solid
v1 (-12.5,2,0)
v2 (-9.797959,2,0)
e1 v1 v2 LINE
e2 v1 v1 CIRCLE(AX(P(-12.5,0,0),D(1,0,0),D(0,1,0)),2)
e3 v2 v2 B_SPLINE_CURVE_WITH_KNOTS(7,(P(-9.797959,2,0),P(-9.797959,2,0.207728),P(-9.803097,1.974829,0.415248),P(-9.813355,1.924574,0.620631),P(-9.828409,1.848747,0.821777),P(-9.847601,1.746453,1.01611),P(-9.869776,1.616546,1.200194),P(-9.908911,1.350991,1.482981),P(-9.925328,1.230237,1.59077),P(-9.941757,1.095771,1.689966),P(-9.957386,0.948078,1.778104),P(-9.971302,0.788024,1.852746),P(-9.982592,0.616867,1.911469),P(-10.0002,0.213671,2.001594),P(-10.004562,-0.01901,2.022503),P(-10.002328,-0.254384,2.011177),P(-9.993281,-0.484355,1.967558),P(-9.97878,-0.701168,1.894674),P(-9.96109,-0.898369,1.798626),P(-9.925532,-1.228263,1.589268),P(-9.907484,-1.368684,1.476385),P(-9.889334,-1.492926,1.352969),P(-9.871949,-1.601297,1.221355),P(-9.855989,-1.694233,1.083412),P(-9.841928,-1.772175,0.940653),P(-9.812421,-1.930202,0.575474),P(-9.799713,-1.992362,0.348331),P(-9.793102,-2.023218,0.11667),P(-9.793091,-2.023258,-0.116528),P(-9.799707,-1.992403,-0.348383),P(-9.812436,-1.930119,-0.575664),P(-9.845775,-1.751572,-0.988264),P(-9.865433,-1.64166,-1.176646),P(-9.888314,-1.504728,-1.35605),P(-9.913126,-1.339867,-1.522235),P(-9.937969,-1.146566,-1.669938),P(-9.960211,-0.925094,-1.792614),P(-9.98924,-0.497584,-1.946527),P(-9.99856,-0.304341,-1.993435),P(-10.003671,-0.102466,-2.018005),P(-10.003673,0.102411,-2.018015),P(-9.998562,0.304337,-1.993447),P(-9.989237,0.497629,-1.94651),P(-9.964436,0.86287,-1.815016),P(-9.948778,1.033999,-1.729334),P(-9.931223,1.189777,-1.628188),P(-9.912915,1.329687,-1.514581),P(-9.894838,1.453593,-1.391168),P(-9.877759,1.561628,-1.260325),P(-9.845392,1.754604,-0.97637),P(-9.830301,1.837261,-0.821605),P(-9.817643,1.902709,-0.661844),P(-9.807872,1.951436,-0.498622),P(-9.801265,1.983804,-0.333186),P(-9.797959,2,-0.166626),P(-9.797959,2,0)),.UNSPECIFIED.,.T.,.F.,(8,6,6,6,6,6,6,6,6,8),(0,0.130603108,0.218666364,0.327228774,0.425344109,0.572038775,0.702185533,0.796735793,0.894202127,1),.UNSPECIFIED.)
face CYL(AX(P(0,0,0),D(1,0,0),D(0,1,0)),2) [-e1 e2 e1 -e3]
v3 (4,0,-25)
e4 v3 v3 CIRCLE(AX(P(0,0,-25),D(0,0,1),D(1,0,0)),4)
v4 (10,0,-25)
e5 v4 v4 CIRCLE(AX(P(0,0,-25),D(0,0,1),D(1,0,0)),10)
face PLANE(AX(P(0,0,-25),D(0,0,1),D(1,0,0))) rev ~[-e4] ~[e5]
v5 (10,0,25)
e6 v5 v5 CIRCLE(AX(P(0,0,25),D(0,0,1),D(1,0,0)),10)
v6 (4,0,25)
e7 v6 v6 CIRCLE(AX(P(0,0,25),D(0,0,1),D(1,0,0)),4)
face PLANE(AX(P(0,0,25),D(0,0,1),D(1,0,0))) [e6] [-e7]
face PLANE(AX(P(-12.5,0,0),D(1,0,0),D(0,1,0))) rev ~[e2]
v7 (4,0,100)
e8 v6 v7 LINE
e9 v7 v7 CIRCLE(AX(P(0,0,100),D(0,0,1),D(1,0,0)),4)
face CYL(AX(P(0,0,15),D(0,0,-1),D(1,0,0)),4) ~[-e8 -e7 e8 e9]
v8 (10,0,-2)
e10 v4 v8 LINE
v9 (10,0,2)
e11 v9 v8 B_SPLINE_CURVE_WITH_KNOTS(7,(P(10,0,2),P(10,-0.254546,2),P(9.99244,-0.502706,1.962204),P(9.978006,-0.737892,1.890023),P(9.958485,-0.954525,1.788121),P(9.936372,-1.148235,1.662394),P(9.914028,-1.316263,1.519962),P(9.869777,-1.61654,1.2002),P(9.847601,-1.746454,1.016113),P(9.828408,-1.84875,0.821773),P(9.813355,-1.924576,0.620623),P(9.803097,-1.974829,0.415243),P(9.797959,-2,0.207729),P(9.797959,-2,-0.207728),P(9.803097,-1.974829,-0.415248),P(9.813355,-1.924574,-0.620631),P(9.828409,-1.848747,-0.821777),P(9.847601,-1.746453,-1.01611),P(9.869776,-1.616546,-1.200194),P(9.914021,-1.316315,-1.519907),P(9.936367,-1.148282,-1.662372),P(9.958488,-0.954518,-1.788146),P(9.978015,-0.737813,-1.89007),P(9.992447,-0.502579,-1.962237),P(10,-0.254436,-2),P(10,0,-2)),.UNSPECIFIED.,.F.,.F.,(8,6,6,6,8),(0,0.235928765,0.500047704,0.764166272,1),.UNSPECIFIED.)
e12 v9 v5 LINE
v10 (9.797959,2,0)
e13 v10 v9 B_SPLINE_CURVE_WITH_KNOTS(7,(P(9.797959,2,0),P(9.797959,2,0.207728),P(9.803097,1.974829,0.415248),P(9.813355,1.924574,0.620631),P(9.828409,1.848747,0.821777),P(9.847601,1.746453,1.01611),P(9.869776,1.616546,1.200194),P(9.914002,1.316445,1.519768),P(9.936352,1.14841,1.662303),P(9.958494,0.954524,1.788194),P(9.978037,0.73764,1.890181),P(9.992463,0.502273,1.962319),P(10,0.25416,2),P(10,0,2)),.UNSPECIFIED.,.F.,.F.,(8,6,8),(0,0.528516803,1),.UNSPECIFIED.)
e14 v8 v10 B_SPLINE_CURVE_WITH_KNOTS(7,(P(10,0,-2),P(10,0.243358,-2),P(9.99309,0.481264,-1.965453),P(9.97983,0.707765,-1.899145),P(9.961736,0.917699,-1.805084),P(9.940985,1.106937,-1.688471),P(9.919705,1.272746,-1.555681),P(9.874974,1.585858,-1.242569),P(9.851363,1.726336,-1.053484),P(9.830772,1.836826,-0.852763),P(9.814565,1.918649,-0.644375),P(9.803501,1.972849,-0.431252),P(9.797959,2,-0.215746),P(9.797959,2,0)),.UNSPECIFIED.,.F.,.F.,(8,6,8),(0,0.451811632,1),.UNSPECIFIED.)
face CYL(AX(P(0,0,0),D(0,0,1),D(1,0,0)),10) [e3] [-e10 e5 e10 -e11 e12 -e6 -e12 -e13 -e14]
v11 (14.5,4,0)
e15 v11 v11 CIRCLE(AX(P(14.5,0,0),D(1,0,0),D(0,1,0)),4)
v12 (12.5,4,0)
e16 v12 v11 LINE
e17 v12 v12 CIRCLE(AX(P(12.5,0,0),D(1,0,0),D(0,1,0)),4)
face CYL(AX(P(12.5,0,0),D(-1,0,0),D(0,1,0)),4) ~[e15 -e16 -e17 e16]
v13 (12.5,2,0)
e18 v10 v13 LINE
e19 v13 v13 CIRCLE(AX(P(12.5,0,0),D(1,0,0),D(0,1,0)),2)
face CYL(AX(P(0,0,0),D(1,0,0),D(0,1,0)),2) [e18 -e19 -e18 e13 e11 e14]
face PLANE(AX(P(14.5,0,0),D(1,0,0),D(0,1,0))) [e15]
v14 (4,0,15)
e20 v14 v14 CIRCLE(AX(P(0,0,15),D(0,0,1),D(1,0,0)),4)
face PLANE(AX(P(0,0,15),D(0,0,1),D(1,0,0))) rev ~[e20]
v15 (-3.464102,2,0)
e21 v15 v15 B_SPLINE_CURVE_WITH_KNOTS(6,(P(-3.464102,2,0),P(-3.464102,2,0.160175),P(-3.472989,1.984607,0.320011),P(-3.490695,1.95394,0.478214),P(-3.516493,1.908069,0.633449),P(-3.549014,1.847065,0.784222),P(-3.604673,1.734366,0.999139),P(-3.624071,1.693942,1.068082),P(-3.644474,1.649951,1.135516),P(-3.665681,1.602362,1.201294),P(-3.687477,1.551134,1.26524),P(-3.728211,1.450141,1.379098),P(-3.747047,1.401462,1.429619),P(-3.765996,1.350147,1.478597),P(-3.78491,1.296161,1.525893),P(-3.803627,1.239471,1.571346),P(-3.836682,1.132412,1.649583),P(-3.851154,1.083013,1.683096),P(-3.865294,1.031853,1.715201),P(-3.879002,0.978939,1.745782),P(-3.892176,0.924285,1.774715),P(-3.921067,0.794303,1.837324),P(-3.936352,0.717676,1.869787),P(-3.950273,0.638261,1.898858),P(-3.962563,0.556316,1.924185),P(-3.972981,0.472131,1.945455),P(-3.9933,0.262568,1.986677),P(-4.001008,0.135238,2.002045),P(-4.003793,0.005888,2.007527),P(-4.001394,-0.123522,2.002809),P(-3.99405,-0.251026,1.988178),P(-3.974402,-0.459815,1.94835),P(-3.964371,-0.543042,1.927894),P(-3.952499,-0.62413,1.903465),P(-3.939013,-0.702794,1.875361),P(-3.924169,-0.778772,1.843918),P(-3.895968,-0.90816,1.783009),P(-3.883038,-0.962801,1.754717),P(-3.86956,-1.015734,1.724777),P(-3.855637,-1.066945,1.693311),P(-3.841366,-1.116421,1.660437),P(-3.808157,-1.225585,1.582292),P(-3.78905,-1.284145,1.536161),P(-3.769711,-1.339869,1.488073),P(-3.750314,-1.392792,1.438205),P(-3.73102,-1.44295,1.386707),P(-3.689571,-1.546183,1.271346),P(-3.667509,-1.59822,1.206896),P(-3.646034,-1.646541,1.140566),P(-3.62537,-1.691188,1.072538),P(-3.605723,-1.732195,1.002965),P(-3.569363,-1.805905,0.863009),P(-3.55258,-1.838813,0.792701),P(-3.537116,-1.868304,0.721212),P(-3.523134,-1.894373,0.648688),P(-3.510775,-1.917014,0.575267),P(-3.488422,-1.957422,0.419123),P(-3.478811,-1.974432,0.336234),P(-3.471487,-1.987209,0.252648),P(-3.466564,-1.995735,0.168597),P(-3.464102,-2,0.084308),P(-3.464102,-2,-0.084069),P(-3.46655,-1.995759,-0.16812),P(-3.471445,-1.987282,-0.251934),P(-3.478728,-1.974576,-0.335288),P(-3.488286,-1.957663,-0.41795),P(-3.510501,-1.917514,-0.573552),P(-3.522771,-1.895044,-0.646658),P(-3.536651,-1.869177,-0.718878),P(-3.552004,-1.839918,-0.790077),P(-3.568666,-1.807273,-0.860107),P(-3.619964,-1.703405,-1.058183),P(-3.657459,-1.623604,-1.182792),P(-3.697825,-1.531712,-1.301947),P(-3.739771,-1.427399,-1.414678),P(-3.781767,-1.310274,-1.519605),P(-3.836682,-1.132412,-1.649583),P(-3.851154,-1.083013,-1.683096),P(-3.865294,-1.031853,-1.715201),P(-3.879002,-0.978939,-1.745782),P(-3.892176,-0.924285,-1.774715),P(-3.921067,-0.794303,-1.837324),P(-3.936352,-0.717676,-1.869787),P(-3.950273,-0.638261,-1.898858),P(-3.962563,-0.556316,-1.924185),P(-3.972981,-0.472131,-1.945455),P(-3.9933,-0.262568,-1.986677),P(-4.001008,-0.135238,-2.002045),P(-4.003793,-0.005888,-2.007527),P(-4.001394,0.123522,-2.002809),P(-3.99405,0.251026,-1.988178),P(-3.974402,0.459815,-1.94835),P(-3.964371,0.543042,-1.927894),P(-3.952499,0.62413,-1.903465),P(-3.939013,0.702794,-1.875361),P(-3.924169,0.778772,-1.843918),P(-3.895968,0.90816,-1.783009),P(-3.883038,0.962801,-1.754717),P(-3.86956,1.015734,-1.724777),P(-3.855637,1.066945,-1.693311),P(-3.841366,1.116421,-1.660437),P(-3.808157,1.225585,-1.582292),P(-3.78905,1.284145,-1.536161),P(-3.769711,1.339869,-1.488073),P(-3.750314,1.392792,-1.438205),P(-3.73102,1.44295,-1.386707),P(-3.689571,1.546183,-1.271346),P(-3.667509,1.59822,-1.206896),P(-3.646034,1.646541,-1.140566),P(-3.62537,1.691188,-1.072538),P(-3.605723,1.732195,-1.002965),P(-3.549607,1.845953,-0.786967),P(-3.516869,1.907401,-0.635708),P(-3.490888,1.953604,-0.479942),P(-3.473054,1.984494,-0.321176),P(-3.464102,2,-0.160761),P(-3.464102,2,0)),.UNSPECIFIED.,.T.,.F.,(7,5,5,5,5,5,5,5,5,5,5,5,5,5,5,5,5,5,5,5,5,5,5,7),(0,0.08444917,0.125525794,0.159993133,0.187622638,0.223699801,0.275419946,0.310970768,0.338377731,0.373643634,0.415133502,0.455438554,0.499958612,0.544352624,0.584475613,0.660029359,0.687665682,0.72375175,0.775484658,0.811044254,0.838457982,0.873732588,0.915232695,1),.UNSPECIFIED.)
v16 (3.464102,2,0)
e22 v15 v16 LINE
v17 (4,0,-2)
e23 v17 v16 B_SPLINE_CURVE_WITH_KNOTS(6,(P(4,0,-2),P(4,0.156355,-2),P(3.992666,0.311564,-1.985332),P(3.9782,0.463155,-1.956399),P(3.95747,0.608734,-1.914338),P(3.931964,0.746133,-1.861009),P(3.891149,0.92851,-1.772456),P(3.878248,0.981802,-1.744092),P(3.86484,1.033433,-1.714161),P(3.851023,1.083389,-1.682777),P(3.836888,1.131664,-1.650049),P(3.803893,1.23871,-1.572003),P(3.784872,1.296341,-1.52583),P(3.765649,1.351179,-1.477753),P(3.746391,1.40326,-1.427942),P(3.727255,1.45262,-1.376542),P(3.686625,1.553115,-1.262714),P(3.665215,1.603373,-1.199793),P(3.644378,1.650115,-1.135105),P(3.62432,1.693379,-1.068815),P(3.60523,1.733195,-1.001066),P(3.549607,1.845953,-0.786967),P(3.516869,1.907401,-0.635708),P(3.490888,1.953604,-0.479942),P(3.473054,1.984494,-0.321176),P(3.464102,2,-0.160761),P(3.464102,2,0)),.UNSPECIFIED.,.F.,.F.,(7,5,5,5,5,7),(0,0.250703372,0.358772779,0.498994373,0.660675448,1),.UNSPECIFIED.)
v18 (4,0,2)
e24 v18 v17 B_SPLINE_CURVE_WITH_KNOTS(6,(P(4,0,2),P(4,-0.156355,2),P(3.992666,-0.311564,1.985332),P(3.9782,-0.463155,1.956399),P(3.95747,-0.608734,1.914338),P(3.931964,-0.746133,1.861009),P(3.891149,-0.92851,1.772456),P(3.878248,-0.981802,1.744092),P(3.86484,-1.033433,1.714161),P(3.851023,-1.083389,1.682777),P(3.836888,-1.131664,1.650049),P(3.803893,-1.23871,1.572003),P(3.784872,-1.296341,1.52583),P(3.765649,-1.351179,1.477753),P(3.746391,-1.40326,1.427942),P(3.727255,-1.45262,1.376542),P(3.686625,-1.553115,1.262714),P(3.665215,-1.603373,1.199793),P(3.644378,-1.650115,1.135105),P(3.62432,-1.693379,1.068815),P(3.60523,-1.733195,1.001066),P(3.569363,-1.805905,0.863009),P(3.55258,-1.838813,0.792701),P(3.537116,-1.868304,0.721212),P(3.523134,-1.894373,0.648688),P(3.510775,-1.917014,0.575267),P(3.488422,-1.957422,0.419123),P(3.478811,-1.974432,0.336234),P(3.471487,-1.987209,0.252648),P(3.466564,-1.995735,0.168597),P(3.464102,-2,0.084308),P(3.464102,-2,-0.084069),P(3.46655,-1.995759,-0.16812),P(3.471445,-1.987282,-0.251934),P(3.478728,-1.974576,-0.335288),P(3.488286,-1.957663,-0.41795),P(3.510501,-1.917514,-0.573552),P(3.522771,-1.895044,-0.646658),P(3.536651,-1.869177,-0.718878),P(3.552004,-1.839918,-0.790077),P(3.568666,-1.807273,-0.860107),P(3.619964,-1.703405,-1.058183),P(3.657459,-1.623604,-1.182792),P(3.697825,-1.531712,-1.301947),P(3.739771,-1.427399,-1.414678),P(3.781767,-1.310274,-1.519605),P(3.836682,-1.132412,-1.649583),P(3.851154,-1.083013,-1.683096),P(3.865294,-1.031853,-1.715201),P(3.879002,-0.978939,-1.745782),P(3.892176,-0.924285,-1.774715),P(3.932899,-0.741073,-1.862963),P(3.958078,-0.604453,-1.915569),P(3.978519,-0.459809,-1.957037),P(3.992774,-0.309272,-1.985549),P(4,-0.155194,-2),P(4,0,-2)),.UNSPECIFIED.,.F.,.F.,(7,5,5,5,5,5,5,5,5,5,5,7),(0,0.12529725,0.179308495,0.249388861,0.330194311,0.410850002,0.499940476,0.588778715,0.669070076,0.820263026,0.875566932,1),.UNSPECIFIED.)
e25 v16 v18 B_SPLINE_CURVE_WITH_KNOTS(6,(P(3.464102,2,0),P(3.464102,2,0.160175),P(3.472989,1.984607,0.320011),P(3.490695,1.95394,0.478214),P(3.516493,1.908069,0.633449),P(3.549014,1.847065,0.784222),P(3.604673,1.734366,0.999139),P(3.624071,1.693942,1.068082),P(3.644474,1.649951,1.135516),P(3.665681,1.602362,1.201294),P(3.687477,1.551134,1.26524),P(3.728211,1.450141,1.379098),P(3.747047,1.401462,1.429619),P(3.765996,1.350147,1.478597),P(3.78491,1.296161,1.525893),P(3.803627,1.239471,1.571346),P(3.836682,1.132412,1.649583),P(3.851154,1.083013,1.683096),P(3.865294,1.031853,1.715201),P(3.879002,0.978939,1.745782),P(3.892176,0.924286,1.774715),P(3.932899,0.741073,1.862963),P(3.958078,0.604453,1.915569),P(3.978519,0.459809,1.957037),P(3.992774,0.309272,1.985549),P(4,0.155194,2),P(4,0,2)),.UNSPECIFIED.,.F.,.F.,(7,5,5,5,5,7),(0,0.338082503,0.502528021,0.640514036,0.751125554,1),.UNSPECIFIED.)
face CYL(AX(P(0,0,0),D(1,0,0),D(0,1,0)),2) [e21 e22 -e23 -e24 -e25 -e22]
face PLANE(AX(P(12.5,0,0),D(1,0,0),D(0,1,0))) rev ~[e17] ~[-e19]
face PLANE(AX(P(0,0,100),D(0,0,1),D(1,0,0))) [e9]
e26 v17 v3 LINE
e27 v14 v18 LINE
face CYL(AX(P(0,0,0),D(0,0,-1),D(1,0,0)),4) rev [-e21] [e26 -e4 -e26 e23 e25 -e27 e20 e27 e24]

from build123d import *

# Parameters (mm, degrees)
F0_R     = 10
F0_R_2   = 4
F1_DEPTH = 25
F2_R     = 2
F3_DEPTH = 12.5
F5_START = 12.5
F4_R     = 4
F5_DEPTH = 2
F7_START = 15
F6_R     = 4
F7_DEPTH = 85


with BuildPart() as f1:
    # F0 (on Top) → F1 (new body, symmetric)
    with BuildSketch(Plane.XY):
        Circle(F0_R)
        Circle(F0_R_2, mode=Mode.SUBTRACT)
    extrude(amount=F1_DEPTH, both=True)

    # F2 (on Right) → F3 (join, symmetric)
    with BuildSketch(Plane.YZ):
        Circle(F2_R)
    extrude(amount=F3_DEPTH, both=True)

    # F4 (on Right) → F5 (join)
    with BuildSketch(Plane.YZ.offset(F5_START)):
        Circle(F4_R)
    extrude(amount=F5_DEPTH)

    # F6 (on Top) → F7 (join)
    with BuildSketch(Plane.XY.offset(F7_START)):
        Circle(F6_R)
    extrude(amount=F7_DEPTH)


solid = f1.part
